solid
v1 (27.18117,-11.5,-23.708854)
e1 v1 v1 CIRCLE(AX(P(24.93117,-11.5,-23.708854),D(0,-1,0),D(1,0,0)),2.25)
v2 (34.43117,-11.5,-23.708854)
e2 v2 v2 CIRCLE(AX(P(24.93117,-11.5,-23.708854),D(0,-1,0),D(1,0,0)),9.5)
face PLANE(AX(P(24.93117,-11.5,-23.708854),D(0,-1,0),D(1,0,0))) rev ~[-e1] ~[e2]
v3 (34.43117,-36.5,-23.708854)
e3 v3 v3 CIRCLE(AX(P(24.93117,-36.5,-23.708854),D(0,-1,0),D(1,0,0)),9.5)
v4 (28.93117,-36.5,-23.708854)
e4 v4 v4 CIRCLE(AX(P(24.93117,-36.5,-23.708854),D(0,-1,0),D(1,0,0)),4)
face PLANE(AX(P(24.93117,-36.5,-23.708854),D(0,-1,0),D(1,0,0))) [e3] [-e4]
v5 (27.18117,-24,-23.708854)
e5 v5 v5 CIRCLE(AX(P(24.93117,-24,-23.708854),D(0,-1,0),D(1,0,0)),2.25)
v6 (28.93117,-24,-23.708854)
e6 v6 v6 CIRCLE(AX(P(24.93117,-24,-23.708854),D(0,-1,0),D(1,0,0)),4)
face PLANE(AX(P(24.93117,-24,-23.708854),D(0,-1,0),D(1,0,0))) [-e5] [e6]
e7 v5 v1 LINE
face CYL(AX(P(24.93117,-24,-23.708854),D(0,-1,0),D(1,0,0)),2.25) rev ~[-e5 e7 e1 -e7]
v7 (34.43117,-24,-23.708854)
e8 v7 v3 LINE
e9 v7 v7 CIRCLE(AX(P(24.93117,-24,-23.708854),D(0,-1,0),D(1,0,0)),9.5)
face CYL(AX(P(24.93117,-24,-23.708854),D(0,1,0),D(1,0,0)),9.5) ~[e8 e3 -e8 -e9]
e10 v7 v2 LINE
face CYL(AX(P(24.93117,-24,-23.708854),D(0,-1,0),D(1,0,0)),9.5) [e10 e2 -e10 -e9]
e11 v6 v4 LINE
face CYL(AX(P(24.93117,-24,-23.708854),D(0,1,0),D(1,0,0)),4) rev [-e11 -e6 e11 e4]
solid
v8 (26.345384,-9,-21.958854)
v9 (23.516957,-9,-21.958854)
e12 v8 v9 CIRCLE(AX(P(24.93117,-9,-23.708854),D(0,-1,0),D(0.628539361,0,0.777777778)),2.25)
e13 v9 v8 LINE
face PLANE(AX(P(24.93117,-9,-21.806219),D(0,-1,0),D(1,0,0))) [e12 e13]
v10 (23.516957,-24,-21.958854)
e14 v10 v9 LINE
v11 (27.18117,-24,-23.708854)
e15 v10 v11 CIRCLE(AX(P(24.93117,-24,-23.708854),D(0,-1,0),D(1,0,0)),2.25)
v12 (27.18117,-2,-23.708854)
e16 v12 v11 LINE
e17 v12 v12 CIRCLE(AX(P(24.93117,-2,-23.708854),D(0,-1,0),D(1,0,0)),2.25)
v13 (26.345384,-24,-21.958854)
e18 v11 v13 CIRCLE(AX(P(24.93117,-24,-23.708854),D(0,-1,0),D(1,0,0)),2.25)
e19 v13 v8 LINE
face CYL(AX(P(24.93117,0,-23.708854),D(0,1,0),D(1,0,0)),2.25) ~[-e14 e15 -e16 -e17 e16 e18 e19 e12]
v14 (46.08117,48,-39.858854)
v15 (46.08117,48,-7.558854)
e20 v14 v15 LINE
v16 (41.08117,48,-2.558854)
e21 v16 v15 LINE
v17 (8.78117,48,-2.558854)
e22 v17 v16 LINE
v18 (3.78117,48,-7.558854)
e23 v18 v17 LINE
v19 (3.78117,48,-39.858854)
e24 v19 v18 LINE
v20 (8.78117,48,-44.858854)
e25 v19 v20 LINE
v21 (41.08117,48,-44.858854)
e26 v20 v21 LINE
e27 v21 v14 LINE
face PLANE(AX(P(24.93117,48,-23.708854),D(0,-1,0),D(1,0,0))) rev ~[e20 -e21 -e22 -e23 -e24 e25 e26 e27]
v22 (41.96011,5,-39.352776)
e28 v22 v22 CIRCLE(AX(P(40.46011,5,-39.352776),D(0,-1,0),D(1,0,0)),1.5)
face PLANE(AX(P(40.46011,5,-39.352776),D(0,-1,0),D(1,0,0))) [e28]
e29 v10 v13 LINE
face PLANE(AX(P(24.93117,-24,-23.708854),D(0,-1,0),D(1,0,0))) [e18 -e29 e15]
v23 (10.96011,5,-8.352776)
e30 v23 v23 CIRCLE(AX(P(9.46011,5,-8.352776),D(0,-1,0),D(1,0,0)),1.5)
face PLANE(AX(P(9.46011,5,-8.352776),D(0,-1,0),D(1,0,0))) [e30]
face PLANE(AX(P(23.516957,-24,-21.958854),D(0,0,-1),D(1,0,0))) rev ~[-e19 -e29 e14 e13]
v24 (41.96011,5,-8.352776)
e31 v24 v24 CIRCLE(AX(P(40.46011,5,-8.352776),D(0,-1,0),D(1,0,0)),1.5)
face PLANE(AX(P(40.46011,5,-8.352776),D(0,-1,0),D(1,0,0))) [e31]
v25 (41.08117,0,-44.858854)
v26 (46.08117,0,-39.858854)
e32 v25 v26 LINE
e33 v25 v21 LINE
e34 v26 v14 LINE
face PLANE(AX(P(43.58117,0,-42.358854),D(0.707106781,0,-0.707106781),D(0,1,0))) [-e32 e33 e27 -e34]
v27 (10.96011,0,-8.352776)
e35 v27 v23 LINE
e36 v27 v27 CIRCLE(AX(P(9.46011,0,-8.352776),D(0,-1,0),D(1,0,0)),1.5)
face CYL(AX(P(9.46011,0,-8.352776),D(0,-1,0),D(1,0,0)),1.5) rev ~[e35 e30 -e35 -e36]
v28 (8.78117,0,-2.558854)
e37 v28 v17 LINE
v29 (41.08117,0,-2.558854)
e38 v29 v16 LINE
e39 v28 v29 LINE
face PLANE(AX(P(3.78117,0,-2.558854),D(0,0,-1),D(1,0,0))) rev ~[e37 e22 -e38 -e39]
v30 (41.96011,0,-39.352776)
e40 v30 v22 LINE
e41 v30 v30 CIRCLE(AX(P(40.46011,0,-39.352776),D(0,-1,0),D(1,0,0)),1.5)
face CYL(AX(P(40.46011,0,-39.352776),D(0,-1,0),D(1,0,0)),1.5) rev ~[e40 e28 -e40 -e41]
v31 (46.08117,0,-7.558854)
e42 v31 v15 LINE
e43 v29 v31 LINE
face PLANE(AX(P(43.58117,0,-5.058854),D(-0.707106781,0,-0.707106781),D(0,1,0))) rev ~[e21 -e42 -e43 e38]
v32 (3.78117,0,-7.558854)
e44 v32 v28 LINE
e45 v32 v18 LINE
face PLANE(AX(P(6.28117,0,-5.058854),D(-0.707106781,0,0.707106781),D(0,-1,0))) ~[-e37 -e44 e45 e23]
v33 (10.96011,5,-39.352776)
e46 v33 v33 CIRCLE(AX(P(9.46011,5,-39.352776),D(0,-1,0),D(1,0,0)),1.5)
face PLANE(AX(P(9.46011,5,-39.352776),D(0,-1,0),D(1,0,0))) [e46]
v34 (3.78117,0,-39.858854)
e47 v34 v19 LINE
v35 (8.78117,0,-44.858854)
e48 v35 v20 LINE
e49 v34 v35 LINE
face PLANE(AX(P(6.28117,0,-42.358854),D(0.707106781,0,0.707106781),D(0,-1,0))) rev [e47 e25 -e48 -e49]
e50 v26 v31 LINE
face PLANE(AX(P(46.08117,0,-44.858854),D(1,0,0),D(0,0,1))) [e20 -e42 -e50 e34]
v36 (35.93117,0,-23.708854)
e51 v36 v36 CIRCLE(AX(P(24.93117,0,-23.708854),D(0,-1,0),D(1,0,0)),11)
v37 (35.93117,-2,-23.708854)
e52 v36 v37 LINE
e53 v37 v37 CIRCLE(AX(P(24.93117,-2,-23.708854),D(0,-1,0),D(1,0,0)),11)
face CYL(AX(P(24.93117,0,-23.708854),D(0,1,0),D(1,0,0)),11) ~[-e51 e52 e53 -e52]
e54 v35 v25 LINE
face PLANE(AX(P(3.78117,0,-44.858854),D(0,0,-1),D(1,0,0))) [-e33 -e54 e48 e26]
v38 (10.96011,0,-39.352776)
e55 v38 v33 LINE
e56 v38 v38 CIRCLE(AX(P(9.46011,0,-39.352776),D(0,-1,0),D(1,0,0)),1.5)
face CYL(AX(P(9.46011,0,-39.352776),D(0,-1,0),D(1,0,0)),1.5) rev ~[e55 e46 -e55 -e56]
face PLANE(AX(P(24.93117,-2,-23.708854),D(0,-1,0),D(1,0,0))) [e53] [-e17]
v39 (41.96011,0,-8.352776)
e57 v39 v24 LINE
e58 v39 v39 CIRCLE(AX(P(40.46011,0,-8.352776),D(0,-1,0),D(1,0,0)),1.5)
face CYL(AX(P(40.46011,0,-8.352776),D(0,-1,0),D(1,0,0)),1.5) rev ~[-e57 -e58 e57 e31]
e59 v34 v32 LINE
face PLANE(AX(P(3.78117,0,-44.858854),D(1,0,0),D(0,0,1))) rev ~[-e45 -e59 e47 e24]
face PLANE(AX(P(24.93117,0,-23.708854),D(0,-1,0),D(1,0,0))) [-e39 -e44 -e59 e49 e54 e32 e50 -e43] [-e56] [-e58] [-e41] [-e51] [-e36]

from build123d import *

# Parameters (mm, degrees)
F0_W      = 42.3
F0_H      = 42.3
F0_R      = 11
F0_R_2    = 2.25
F1_DEPTH  = 48
F2_DEPTH  = 2
F3_DEPTH  = 24
F4_SIZE   = 5
F5_R      = 1.5
F6_DEPTH  = 5
F9_DEPTH  = 15
F10_R     = 9.5
F10_R_2   = 2.25
F11_DEPTH = 12.5
F12_R     = 9.5
F12_R_2   = 4
F13_DEPTH = 12.5


with BuildPart() as f1:
    # F0 (on Front) → F1 (new body)
    with BuildSketch(Plane.XZ):
        with Locations((24.9311704397, -23.708854264)):
            Rectangle(F0_W, F0_H)
        with Locations((24.9311704397, -23.708854264)):
            Circle(F0_R, mode=Mode.SUBTRACT)
        with Locations((24.9311704397, -23.708854264)):
            Circle(F0_R)
        with Locations((24.9311704397, -23.708854264)):
            Circle(F0_R_2, mode=Mode.SUBTRACT)
        with Locations((24.9311704397, -23.708854264)):
            Circle(F0_R_2)
    extrude(amount=-F1_DEPTH)

    # F0 (on Front) → F2 (join)
    with BuildSketch(Plane.XZ):
        with Locations((24.9311704397, -23.708854264)):
            Circle(F0_R)
        with Locations((24.9311704397, -23.708854264)):
            Circle(F0_R_2, mode=Mode.SUBTRACT)
    extrude(amount=F2_DEPTH)

    # F0 (on Front) → F3 (join)
    with BuildSketch(Plane.XZ):
        with Locations((24.9311704397, -23.708854264)):
            Circle(F0_R_2)
    extrude(amount=F3_DEPTH)

    # F4
    f4_edges = [f1.edges().sort_by_distance(p)[0] for p in [
        (46.08117, 24, -2.558854),
        (3.78117, 24, -2.558854),
        (46.08117, 24, -44.858854),
        (3.78117, 24, -44.858854),
    ]]
    chamfer(f4_edges, length=F4_SIZE)

    # F5 (on face) → F6 (cut)
    with BuildSketch(Plane.XZ):
        with Locations((9.4601102173, -8.3527764827)):
            Circle(F5_R)
        with Locations((40.4601102173, -8.3527764827)):
            Circle(F5_R)
        with Locations((9.4601102173, -39.3527764827)):
            Circle(F5_R)
        with Locations((40.4601102173, -39.3527764827)):
            Circle(F5_R)
    extrude(amount=-F6_DEPTH, mode=Mode.SUBTRACT)

    # F8 (on face) → F9 (cut)
    with BuildSketch(Plane.XZ.offset(24)):
        with BuildLine():
            Line((23.5169568773, -21.958854264), (26.3453840021, -21.958854264))
            ThreePointArc((26.3453840021, -21.958854264), (24.9311704397, -21.458854264), (23.5169568773, -21.958854264))
        make_face()
    extrude(amount=-F9_DEPTH, mode=Mode.SUBTRACT)


with BuildPart() as f11:
    # F10 (on face) → F11 (new body)
    with BuildSketch(Plane.XZ.offset(24)):
        with Locations((24.9311704397, -23.708854264)):
            Circle(F10_R)
        with Locations((24.9311704397, -23.708854264)):
            Circle(F10_R_2, mode=Mode.SUBTRACT)
    extrude(amount=-F11_DEPTH)

    # F12 (on face) → F13 (join)
    with BuildSketch(Plane.XZ.offset(24)):
        with Locations((24.9311704397, -23.708854264)):
            Circle(F12_R)
        with Locations((24.9311704397, -23.708854264)):
            Circle(F12_R_2, mode=Mode.SUBTRACT)
    extrude(amount=F13_DEPTH)


solid = Compound([f1.part, f11.part])
